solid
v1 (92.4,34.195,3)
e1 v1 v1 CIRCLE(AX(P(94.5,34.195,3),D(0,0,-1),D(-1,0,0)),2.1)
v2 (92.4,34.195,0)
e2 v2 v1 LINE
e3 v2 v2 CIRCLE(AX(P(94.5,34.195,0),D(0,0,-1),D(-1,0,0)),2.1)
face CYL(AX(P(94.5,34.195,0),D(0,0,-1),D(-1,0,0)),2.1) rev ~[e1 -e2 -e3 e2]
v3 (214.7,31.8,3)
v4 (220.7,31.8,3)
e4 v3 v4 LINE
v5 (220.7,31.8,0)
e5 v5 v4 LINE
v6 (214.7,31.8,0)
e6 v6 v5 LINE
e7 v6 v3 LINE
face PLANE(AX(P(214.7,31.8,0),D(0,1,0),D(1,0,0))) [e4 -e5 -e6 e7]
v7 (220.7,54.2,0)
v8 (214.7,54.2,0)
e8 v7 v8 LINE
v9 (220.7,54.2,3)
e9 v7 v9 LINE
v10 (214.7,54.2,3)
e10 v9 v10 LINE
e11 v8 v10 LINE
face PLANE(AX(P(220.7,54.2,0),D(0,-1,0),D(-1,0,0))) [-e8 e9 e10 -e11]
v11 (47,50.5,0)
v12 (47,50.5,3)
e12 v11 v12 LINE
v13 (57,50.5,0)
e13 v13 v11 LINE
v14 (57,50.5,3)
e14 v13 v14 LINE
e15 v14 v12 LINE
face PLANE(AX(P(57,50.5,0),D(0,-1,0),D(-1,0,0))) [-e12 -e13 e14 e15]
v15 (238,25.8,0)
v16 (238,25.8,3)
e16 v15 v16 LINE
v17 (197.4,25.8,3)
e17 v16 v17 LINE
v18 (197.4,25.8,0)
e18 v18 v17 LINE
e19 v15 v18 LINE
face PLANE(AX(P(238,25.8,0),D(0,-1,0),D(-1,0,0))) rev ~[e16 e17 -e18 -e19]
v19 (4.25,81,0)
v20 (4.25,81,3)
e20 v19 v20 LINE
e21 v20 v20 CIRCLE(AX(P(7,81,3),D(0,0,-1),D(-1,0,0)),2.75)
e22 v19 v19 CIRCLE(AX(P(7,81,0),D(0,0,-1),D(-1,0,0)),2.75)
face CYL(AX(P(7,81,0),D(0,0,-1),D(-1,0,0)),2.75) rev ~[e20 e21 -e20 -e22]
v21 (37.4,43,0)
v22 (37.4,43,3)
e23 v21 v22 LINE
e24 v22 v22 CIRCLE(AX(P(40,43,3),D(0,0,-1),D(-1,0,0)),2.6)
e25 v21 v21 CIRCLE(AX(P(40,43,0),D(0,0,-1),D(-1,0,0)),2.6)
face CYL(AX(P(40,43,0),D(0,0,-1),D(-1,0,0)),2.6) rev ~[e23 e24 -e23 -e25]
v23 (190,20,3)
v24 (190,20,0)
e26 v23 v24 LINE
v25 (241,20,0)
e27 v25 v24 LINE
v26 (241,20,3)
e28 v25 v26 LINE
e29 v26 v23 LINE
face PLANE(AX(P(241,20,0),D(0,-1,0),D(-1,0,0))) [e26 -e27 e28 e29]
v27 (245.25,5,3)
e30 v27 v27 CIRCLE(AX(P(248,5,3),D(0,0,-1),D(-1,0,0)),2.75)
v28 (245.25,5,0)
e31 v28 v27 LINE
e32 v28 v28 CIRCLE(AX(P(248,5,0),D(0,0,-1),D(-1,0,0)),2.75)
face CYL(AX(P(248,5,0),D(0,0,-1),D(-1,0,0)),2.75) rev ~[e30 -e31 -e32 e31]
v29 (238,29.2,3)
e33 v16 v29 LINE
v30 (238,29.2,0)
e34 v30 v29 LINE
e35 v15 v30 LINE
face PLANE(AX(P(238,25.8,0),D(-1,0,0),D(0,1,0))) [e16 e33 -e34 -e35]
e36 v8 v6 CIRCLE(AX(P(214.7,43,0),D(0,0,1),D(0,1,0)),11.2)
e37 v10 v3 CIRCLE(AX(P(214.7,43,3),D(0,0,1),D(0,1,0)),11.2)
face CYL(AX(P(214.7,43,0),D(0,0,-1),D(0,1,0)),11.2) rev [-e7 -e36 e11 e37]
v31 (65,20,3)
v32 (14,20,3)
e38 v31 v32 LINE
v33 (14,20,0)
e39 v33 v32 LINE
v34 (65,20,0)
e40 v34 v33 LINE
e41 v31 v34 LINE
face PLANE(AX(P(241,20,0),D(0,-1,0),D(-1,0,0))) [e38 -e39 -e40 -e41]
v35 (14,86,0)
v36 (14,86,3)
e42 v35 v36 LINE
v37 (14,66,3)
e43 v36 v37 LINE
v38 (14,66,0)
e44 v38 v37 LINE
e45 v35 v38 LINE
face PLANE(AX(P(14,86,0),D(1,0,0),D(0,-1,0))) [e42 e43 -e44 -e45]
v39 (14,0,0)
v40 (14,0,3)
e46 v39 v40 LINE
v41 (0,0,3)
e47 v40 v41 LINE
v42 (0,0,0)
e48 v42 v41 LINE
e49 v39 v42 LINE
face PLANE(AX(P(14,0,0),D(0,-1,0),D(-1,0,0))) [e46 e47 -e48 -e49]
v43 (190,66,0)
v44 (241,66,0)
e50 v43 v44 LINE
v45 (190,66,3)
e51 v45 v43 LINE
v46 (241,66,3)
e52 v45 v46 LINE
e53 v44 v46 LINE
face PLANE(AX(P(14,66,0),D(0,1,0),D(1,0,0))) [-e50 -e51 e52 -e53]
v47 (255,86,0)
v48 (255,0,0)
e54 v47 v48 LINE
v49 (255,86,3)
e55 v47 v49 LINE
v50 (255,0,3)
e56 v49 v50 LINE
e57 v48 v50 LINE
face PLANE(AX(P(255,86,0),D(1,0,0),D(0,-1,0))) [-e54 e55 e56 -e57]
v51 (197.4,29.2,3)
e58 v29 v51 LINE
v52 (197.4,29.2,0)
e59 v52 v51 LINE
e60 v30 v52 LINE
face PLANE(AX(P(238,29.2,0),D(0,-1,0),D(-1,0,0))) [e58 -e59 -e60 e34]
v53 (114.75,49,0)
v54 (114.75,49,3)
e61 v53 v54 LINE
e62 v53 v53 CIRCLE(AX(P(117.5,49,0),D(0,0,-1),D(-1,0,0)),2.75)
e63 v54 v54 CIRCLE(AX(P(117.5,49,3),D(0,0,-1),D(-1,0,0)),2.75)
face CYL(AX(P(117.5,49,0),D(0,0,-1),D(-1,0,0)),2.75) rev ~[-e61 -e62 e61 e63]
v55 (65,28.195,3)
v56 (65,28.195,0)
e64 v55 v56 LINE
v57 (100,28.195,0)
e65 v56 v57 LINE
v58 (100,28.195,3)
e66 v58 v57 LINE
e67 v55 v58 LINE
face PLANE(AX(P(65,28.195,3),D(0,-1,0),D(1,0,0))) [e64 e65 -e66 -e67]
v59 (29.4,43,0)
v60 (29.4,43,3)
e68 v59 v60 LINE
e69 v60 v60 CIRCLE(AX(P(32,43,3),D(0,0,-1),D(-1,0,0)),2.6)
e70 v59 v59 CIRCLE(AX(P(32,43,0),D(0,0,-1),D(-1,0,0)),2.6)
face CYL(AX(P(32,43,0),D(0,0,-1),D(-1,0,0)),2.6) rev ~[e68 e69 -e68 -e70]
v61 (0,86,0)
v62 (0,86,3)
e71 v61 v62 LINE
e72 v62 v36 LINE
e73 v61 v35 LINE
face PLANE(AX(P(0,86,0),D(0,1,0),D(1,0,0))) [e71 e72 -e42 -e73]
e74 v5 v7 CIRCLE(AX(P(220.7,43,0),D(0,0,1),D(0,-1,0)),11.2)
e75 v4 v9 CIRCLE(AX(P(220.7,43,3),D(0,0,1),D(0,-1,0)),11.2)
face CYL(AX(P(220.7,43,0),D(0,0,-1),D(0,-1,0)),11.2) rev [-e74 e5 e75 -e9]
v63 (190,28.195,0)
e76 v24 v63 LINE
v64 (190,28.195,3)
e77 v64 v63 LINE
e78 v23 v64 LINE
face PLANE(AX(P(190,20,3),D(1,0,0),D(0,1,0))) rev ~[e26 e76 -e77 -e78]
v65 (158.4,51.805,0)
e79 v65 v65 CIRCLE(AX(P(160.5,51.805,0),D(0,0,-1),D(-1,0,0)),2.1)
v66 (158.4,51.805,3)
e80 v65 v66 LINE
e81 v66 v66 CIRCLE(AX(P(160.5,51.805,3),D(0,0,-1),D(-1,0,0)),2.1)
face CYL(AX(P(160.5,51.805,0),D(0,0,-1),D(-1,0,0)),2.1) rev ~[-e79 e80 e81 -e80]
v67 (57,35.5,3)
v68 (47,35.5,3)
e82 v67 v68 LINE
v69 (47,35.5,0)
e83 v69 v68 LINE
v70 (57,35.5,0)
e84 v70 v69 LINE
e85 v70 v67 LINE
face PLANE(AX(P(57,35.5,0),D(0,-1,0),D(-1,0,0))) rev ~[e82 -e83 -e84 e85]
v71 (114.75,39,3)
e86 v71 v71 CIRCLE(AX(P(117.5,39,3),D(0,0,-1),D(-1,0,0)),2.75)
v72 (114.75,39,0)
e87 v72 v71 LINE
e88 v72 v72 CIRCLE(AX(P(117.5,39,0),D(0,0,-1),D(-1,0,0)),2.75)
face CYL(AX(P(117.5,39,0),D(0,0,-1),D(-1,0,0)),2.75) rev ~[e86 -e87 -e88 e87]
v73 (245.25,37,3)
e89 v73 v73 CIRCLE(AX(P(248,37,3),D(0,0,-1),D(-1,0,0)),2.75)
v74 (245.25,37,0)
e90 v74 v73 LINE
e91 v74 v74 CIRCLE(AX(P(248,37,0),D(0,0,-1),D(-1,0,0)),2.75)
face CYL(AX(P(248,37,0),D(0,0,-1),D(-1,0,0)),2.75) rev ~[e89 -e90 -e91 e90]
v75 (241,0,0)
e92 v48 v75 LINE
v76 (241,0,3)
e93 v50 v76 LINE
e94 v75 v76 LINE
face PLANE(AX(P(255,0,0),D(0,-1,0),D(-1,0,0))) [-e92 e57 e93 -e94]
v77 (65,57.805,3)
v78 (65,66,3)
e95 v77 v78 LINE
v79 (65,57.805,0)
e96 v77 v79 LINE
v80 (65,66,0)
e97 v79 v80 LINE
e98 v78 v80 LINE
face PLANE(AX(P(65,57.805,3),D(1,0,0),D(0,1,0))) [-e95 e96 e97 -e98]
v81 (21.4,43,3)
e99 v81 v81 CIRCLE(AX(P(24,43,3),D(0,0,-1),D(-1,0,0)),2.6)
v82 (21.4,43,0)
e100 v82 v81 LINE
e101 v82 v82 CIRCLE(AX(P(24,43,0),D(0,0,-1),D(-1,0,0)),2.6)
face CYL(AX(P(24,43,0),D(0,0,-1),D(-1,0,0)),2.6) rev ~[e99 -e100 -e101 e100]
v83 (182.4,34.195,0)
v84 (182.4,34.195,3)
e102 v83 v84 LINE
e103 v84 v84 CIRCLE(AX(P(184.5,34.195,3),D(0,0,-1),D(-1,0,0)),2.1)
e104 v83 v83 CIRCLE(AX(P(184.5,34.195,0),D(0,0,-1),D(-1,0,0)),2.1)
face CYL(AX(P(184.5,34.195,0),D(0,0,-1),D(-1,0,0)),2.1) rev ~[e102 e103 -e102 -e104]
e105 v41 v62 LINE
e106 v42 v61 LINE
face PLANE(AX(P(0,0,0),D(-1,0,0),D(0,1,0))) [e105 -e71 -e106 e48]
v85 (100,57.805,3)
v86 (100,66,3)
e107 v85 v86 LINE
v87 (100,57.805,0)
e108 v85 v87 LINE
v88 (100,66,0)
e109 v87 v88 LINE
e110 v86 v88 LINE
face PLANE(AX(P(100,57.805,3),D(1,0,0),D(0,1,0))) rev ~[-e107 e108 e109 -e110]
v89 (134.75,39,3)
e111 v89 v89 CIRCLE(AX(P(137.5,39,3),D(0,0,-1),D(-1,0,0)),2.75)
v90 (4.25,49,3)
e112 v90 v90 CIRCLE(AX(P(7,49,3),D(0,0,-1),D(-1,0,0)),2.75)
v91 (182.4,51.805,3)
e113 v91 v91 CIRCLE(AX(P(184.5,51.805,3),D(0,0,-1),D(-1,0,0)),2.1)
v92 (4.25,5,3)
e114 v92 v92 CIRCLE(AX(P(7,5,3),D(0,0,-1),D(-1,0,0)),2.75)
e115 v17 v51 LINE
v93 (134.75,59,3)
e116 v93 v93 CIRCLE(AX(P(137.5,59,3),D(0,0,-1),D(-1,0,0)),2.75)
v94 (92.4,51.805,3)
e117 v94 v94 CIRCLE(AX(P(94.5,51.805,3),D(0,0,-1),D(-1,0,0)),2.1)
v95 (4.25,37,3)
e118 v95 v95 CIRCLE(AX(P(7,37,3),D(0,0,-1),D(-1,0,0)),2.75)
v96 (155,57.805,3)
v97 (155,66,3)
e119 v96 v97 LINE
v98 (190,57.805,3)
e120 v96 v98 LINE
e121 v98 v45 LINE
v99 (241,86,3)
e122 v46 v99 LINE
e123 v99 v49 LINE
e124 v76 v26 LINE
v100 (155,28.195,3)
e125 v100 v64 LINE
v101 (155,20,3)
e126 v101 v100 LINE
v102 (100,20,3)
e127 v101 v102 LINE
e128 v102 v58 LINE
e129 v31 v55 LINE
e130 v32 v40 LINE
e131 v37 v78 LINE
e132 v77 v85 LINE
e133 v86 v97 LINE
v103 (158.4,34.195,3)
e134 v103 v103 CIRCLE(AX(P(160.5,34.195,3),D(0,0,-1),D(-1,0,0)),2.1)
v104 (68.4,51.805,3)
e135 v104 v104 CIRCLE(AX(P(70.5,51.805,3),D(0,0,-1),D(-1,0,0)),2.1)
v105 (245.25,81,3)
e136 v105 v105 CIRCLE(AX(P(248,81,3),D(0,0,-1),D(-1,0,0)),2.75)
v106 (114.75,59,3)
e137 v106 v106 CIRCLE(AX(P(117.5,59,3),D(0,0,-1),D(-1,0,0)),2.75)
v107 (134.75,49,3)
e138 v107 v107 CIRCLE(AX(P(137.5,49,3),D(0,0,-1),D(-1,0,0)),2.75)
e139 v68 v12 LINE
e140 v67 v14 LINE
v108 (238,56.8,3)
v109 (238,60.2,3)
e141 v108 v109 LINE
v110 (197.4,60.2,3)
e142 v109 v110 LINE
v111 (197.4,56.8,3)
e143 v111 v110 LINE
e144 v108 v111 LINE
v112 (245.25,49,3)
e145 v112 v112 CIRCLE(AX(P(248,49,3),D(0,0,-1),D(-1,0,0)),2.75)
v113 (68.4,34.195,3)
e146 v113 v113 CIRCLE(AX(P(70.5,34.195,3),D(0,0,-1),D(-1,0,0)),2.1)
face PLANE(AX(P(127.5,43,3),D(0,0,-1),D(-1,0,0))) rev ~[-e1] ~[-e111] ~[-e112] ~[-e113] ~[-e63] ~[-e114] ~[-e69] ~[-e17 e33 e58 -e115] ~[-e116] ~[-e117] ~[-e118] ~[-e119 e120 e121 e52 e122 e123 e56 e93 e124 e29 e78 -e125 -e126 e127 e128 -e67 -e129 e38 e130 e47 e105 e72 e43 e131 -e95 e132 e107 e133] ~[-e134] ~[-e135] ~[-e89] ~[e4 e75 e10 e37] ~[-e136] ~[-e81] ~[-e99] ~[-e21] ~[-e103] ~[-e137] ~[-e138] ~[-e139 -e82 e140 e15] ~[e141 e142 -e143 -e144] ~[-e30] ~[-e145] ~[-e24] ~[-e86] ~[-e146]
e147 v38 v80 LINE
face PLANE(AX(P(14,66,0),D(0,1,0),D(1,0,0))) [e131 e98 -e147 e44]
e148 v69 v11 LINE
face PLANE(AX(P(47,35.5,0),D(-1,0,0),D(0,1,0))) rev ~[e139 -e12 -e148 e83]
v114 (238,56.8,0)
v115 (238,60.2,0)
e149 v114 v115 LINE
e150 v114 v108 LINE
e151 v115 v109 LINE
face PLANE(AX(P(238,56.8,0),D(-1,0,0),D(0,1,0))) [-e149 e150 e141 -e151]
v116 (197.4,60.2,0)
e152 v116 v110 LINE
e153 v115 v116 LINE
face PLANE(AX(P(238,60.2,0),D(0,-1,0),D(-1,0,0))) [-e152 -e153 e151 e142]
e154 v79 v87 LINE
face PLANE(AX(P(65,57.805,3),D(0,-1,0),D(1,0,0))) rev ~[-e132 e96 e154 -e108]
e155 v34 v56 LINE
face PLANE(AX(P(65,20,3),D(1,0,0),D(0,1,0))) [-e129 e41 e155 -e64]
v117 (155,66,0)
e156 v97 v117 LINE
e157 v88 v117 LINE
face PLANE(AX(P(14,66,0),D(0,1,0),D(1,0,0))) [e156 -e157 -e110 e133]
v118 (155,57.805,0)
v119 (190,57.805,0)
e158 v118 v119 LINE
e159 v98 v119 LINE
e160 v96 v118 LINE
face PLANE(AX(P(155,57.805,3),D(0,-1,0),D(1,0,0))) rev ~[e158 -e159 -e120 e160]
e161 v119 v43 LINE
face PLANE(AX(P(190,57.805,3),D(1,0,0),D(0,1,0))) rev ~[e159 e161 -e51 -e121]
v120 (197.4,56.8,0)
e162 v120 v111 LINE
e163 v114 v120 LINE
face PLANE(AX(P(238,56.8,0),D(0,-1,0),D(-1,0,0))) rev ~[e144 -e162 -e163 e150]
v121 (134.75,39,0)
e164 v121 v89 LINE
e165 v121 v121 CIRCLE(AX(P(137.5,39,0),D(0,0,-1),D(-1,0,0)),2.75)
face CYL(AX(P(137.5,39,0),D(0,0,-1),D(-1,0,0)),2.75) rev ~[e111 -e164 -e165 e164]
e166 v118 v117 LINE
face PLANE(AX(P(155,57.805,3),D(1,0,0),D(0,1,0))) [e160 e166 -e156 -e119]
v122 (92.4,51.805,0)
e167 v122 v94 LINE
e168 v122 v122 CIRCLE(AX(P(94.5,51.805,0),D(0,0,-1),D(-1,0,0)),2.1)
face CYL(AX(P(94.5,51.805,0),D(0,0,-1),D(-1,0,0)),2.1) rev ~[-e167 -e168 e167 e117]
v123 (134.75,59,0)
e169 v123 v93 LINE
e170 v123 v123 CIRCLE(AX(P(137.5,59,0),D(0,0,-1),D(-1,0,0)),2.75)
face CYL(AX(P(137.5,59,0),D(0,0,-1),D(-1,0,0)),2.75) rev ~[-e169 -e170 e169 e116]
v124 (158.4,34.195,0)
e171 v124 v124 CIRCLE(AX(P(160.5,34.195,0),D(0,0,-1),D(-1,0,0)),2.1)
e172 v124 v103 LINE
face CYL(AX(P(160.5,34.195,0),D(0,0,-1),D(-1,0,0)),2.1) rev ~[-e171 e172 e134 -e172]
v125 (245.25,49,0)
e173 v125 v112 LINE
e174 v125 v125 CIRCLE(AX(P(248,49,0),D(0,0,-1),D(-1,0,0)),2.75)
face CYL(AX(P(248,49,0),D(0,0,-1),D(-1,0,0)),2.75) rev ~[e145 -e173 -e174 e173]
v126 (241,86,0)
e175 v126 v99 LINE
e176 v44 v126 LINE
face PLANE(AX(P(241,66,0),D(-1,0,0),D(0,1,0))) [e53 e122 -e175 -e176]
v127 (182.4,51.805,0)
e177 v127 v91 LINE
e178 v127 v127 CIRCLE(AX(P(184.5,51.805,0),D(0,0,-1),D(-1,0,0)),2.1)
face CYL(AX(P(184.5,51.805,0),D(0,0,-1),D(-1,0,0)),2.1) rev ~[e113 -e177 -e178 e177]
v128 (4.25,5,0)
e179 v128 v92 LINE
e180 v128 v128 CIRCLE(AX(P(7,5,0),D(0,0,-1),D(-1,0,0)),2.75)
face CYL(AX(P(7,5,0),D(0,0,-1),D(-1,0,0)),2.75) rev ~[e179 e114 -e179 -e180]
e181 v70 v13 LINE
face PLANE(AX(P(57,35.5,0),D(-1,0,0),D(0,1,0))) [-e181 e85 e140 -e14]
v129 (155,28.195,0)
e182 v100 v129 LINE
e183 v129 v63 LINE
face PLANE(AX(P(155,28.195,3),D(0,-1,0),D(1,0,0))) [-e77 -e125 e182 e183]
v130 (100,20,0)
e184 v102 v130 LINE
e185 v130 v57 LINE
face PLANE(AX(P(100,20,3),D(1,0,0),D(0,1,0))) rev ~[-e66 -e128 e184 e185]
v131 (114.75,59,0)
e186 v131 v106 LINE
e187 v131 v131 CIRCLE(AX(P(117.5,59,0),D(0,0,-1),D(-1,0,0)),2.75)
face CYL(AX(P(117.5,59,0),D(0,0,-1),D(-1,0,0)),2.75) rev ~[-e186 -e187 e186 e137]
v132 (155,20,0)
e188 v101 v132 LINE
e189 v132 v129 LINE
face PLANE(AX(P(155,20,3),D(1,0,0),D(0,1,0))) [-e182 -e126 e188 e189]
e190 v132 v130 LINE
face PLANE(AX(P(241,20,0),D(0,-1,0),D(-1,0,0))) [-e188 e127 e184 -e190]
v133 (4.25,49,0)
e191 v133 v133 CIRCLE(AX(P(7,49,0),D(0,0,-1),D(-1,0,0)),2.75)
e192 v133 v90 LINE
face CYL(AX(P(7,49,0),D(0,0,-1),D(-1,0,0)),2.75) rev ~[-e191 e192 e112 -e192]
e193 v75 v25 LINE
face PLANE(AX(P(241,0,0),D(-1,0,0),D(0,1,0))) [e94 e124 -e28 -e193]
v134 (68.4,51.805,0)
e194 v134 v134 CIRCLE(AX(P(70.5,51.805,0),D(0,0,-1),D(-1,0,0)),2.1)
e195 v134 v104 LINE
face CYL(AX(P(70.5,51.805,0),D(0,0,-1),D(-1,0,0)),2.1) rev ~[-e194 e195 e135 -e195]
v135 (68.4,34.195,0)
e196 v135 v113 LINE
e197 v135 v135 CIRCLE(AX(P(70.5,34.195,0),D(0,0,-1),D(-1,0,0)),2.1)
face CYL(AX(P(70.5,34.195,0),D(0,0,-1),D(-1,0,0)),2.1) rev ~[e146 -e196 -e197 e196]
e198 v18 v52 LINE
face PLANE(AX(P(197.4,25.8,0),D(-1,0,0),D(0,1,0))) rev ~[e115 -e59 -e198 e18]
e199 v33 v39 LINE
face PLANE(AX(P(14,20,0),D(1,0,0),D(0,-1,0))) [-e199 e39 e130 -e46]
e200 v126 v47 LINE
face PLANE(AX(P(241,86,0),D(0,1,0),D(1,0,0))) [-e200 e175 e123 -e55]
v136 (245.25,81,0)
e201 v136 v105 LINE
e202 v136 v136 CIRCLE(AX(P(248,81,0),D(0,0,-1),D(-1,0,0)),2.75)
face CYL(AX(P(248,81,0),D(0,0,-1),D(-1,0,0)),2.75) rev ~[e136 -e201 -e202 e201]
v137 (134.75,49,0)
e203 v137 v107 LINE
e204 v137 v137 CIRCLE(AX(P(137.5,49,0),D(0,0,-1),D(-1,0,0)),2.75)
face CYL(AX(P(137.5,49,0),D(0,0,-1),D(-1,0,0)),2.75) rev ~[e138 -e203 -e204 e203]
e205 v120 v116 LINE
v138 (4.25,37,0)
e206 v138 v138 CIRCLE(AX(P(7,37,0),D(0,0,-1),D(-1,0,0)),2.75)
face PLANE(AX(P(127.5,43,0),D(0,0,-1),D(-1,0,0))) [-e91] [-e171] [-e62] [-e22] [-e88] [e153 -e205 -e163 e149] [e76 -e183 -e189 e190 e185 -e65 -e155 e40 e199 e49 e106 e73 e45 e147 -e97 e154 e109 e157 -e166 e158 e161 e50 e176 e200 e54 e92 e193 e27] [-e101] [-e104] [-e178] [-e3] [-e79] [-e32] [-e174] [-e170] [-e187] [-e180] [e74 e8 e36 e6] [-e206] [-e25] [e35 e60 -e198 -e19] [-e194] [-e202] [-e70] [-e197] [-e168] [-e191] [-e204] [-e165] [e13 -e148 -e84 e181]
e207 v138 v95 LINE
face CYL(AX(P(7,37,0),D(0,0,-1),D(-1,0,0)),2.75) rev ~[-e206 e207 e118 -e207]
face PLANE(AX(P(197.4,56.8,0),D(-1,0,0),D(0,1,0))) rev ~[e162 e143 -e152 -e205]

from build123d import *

# Parameters (mm, degrees)
ESQUISSE1_R             = 2.75
ESQUISSE1_R_2           = 2.6
ESQUISSE1_R_3           = 2.1
ESQUISSE1_W             = 40.6
ESQUISSE1_H             = 3.4
ESQUISSE1_W_2           = 10
ESQUISSE1_H_2           = 15
BOSS_EXTRU_1_DEPTH      = 3
ENL_V_MAT_EXTRU_1_REACH = 5
ESQUISSE2_W             = 35
ESQUISSE2_H             = 8.195


with BuildPart() as part:
    # Esquisse1 → Boss.-Extru.1 (new body)
    with BuildSketch(Plane(origin=(0, 0, 0), x_dir=(-1, 0, 0), z_dir=(0, 0, -1))):
        Polygon((-14, 66), (-241, 66), (-241, 86), (-255, 86), (-255, 20), (-255, 0), (-241, 0), (-241, 20), (-14, 20), (-14, 0), (0, 0), (0, 86), (-14, 86), align=None)
        with Locations((-7, 81)):
            Circle(ESQUISSE1_R, mode=Mode.SUBTRACT)
        with Locations((-32, 43)):
            Circle(ESQUISSE1_R_2, mode=Mode.SUBTRACT)
        with Locations((-40, 43)):
            Circle(ESQUISSE1_R_2, mode=Mode.SUBTRACT)
        with Locations((-137.5, 39)):
            Circle(ESQUISSE1_R, mode=Mode.SUBTRACT)
        with Locations((-117.5, 39)):
            Circle(ESQUISSE1_R, mode=Mode.SUBTRACT)
        with Locations((-137.5, 59)):
            Circle(ESQUISSE1_R, mode=Mode.SUBTRACT)
        with Locations((-117.5, 59)):
            Circle(ESQUISSE1_R, mode=Mode.SUBTRACT)
        with Locations((-94.5, 51.805)):
            Circle(ESQUISSE1_R_3, mode=Mode.SUBTRACT)
        with Locations((-248, 37)):
            Circle(ESQUISSE1_R, mode=Mode.SUBTRACT)
        with Locations((-248, 5)):
            Circle(ESQUISSE1_R, mode=Mode.SUBTRACT)
        with Locations((-248, 49.000000164)):
            Circle(ESQUISSE1_R, mode=Mode.SUBTRACT)
        with Locations((-117.5, 49)):
            Circle(ESQUISSE1_R, mode=Mode.SUBTRACT)
        with Locations((-137.5, 49)):
            Circle(ESQUISSE1_R, mode=Mode.SUBTRACT)
        with Locations((-160.5, 51.805)):
            Circle(ESQUISSE1_R_3, mode=Mode.SUBTRACT)
        with Locations((-94.5, 34.195)):
            Circle(ESQUISSE1_R_3, mode=Mode.SUBTRACT)
        with Locations((-70.5, 34.195)):
            Circle(ESQUISSE1_R_3, mode=Mode.SUBTRACT)
        with Locations((-70.5, 51.805)):
            Circle(ESQUISSE1_R_3, mode=Mode.SUBTRACT)
        with Locations((-184.5, 34.195)):
            Circle(ESQUISSE1_R_3, mode=Mode.SUBTRACT)
        with Locations((-7, 37)):
            Circle(ESQUISSE1_R, mode=Mode.SUBTRACT)
        with Locations((-248, 81)):
            Circle(ESQUISSE1_R, mode=Mode.SUBTRACT)
        with Locations((-24, 43)):
            Circle(ESQUISSE1_R_2, mode=Mode.SUBTRACT)
        with Locations((-184.5, 51.805)):
            Circle(ESQUISSE1_R_3, mode=Mode.SUBTRACT)
        with Locations((-7, 5)):
            Circle(ESQUISSE1_R, mode=Mode.SUBTRACT)
        with Locations((-7, 49.000000164)):
            Circle(ESQUISSE1_R, mode=Mode.SUBTRACT)
        with Locations((-160.5, 34.195)):
            Circle(ESQUISSE1_R_3, mode=Mode.SUBTRACT)
        with Locations((-217.7, 58.5)):
            Rectangle(ESQUISSE1_W, ESQUISSE1_H, mode=Mode.SUBTRACT)
        with BuildLine():
            Line((-214.7, 31.8), (-220.7, 31.8))
            ThreePointArc((-220.7, 31.8), (-231.9, 43), (-220.7, 54.2))
            Line((-220.7, 54.2), (-214.7, 54.2))
            ThreePointArc((-214.7, 54.2), (-203.5, 43), (-214.7, 31.8))
        make_face(mode=Mode.SUBTRACT)
        with Locations((-217.7, 27.5)):
            Rectangle(ESQUISSE1_W, ESQUISSE1_H, mode=Mode.SUBTRACT)
        with Locations((-52, 43)):
            Rectangle(ESQUISSE1_W_2, ESQUISSE1_H_2, mode=Mode.SUBTRACT)
    extrude(amount=-BOSS_EXTRU_1_DEPTH)

    # Esquisse2 → Enlèv. mat.-Extru.1 (cut, up to next)
    with BuildSketch(Plane.XY.offset(3), mode=Mode.PRIVATE) as enl_v_mat_extru_1_sk1:
        with Locations((82.5, 61.9025)):
            Rectangle(ESQUISSE2_W, ESQUISSE2_H)
    enl_v_mat_extru_1_tool1 = extrude(enl_v_mat_extru_1_sk1.sketch, amount=-ENL_V_MAT_EXTRU_1_REACH, mode=Mode.PRIVATE) & part.part
    add(enl_v_mat_extru_1_tool1.solids().sort_by_distance((82.5, 61.9025, 3))[0], mode=Mode.SUBTRACT)
    # Esquisse2 → Enlèv. mat.-Extru.1 (cut, up to next)
    with BuildSketch(Plane.XY.offset(3), mode=Mode.PRIVATE) as enl_v_mat_extru_1_sk2:
        with Locations((82.5, 24.0975)):
            Rectangle(ESQUISSE2_W, ESQUISSE2_H)
    enl_v_mat_extru_1_tool2 = extrude(enl_v_mat_extru_1_sk2.sketch, amount=-ENL_V_MAT_EXTRU_1_REACH, mode=Mode.PRIVATE) & part.part
    add(enl_v_mat_extru_1_tool2.solids().sort_by_distance((82.5, 24.0975, 3))[0], mode=Mode.SUBTRACT)
    # Esquisse2 → Enlèv. mat.-Extru.1 (cut, up to next)
    with BuildSketch(Plane.XY.offset(3), mode=Mode.PRIVATE) as enl_v_mat_extru_1_sk3:
        with Locations((172.5, 24.0975)):
            Rectangle(ESQUISSE2_W, ESQUISSE2_H)
    enl_v_mat_extru_1_tool3 = extrude(enl_v_mat_extru_1_sk3.sketch, amount=-ENL_V_MAT_EXTRU_1_REACH, mode=Mode.PRIVATE) & part.part
    add(enl_v_mat_extru_1_tool3.solids().sort_by_distance((172.5, 24.0975, 3))[0], mode=Mode.SUBTRACT)
    # Esquisse2 → Enlèv. mat.-Extru.1 (cut, up to next)
    with BuildSketch(Plane.XY.offset(3), mode=Mode.PRIVATE) as enl_v_mat_extru_1_sk4:
        with Locations((172.5, 61.9025)):
            Rectangle(ESQUISSE2_W, ESQUISSE2_H)
    enl_v_mat_extru_1_tool4 = extrude(enl_v_mat_extru_1_sk4.sketch, amount=-ENL_V_MAT_EXTRU_1_REACH, mode=Mode.PRIVATE) & part.part
    add(enl_v_mat_extru_1_tool4.solids().sort_by_distance((172.5, 61.9025, 3))[0], mode=Mode.SUBTRACT)


solid = part.part
